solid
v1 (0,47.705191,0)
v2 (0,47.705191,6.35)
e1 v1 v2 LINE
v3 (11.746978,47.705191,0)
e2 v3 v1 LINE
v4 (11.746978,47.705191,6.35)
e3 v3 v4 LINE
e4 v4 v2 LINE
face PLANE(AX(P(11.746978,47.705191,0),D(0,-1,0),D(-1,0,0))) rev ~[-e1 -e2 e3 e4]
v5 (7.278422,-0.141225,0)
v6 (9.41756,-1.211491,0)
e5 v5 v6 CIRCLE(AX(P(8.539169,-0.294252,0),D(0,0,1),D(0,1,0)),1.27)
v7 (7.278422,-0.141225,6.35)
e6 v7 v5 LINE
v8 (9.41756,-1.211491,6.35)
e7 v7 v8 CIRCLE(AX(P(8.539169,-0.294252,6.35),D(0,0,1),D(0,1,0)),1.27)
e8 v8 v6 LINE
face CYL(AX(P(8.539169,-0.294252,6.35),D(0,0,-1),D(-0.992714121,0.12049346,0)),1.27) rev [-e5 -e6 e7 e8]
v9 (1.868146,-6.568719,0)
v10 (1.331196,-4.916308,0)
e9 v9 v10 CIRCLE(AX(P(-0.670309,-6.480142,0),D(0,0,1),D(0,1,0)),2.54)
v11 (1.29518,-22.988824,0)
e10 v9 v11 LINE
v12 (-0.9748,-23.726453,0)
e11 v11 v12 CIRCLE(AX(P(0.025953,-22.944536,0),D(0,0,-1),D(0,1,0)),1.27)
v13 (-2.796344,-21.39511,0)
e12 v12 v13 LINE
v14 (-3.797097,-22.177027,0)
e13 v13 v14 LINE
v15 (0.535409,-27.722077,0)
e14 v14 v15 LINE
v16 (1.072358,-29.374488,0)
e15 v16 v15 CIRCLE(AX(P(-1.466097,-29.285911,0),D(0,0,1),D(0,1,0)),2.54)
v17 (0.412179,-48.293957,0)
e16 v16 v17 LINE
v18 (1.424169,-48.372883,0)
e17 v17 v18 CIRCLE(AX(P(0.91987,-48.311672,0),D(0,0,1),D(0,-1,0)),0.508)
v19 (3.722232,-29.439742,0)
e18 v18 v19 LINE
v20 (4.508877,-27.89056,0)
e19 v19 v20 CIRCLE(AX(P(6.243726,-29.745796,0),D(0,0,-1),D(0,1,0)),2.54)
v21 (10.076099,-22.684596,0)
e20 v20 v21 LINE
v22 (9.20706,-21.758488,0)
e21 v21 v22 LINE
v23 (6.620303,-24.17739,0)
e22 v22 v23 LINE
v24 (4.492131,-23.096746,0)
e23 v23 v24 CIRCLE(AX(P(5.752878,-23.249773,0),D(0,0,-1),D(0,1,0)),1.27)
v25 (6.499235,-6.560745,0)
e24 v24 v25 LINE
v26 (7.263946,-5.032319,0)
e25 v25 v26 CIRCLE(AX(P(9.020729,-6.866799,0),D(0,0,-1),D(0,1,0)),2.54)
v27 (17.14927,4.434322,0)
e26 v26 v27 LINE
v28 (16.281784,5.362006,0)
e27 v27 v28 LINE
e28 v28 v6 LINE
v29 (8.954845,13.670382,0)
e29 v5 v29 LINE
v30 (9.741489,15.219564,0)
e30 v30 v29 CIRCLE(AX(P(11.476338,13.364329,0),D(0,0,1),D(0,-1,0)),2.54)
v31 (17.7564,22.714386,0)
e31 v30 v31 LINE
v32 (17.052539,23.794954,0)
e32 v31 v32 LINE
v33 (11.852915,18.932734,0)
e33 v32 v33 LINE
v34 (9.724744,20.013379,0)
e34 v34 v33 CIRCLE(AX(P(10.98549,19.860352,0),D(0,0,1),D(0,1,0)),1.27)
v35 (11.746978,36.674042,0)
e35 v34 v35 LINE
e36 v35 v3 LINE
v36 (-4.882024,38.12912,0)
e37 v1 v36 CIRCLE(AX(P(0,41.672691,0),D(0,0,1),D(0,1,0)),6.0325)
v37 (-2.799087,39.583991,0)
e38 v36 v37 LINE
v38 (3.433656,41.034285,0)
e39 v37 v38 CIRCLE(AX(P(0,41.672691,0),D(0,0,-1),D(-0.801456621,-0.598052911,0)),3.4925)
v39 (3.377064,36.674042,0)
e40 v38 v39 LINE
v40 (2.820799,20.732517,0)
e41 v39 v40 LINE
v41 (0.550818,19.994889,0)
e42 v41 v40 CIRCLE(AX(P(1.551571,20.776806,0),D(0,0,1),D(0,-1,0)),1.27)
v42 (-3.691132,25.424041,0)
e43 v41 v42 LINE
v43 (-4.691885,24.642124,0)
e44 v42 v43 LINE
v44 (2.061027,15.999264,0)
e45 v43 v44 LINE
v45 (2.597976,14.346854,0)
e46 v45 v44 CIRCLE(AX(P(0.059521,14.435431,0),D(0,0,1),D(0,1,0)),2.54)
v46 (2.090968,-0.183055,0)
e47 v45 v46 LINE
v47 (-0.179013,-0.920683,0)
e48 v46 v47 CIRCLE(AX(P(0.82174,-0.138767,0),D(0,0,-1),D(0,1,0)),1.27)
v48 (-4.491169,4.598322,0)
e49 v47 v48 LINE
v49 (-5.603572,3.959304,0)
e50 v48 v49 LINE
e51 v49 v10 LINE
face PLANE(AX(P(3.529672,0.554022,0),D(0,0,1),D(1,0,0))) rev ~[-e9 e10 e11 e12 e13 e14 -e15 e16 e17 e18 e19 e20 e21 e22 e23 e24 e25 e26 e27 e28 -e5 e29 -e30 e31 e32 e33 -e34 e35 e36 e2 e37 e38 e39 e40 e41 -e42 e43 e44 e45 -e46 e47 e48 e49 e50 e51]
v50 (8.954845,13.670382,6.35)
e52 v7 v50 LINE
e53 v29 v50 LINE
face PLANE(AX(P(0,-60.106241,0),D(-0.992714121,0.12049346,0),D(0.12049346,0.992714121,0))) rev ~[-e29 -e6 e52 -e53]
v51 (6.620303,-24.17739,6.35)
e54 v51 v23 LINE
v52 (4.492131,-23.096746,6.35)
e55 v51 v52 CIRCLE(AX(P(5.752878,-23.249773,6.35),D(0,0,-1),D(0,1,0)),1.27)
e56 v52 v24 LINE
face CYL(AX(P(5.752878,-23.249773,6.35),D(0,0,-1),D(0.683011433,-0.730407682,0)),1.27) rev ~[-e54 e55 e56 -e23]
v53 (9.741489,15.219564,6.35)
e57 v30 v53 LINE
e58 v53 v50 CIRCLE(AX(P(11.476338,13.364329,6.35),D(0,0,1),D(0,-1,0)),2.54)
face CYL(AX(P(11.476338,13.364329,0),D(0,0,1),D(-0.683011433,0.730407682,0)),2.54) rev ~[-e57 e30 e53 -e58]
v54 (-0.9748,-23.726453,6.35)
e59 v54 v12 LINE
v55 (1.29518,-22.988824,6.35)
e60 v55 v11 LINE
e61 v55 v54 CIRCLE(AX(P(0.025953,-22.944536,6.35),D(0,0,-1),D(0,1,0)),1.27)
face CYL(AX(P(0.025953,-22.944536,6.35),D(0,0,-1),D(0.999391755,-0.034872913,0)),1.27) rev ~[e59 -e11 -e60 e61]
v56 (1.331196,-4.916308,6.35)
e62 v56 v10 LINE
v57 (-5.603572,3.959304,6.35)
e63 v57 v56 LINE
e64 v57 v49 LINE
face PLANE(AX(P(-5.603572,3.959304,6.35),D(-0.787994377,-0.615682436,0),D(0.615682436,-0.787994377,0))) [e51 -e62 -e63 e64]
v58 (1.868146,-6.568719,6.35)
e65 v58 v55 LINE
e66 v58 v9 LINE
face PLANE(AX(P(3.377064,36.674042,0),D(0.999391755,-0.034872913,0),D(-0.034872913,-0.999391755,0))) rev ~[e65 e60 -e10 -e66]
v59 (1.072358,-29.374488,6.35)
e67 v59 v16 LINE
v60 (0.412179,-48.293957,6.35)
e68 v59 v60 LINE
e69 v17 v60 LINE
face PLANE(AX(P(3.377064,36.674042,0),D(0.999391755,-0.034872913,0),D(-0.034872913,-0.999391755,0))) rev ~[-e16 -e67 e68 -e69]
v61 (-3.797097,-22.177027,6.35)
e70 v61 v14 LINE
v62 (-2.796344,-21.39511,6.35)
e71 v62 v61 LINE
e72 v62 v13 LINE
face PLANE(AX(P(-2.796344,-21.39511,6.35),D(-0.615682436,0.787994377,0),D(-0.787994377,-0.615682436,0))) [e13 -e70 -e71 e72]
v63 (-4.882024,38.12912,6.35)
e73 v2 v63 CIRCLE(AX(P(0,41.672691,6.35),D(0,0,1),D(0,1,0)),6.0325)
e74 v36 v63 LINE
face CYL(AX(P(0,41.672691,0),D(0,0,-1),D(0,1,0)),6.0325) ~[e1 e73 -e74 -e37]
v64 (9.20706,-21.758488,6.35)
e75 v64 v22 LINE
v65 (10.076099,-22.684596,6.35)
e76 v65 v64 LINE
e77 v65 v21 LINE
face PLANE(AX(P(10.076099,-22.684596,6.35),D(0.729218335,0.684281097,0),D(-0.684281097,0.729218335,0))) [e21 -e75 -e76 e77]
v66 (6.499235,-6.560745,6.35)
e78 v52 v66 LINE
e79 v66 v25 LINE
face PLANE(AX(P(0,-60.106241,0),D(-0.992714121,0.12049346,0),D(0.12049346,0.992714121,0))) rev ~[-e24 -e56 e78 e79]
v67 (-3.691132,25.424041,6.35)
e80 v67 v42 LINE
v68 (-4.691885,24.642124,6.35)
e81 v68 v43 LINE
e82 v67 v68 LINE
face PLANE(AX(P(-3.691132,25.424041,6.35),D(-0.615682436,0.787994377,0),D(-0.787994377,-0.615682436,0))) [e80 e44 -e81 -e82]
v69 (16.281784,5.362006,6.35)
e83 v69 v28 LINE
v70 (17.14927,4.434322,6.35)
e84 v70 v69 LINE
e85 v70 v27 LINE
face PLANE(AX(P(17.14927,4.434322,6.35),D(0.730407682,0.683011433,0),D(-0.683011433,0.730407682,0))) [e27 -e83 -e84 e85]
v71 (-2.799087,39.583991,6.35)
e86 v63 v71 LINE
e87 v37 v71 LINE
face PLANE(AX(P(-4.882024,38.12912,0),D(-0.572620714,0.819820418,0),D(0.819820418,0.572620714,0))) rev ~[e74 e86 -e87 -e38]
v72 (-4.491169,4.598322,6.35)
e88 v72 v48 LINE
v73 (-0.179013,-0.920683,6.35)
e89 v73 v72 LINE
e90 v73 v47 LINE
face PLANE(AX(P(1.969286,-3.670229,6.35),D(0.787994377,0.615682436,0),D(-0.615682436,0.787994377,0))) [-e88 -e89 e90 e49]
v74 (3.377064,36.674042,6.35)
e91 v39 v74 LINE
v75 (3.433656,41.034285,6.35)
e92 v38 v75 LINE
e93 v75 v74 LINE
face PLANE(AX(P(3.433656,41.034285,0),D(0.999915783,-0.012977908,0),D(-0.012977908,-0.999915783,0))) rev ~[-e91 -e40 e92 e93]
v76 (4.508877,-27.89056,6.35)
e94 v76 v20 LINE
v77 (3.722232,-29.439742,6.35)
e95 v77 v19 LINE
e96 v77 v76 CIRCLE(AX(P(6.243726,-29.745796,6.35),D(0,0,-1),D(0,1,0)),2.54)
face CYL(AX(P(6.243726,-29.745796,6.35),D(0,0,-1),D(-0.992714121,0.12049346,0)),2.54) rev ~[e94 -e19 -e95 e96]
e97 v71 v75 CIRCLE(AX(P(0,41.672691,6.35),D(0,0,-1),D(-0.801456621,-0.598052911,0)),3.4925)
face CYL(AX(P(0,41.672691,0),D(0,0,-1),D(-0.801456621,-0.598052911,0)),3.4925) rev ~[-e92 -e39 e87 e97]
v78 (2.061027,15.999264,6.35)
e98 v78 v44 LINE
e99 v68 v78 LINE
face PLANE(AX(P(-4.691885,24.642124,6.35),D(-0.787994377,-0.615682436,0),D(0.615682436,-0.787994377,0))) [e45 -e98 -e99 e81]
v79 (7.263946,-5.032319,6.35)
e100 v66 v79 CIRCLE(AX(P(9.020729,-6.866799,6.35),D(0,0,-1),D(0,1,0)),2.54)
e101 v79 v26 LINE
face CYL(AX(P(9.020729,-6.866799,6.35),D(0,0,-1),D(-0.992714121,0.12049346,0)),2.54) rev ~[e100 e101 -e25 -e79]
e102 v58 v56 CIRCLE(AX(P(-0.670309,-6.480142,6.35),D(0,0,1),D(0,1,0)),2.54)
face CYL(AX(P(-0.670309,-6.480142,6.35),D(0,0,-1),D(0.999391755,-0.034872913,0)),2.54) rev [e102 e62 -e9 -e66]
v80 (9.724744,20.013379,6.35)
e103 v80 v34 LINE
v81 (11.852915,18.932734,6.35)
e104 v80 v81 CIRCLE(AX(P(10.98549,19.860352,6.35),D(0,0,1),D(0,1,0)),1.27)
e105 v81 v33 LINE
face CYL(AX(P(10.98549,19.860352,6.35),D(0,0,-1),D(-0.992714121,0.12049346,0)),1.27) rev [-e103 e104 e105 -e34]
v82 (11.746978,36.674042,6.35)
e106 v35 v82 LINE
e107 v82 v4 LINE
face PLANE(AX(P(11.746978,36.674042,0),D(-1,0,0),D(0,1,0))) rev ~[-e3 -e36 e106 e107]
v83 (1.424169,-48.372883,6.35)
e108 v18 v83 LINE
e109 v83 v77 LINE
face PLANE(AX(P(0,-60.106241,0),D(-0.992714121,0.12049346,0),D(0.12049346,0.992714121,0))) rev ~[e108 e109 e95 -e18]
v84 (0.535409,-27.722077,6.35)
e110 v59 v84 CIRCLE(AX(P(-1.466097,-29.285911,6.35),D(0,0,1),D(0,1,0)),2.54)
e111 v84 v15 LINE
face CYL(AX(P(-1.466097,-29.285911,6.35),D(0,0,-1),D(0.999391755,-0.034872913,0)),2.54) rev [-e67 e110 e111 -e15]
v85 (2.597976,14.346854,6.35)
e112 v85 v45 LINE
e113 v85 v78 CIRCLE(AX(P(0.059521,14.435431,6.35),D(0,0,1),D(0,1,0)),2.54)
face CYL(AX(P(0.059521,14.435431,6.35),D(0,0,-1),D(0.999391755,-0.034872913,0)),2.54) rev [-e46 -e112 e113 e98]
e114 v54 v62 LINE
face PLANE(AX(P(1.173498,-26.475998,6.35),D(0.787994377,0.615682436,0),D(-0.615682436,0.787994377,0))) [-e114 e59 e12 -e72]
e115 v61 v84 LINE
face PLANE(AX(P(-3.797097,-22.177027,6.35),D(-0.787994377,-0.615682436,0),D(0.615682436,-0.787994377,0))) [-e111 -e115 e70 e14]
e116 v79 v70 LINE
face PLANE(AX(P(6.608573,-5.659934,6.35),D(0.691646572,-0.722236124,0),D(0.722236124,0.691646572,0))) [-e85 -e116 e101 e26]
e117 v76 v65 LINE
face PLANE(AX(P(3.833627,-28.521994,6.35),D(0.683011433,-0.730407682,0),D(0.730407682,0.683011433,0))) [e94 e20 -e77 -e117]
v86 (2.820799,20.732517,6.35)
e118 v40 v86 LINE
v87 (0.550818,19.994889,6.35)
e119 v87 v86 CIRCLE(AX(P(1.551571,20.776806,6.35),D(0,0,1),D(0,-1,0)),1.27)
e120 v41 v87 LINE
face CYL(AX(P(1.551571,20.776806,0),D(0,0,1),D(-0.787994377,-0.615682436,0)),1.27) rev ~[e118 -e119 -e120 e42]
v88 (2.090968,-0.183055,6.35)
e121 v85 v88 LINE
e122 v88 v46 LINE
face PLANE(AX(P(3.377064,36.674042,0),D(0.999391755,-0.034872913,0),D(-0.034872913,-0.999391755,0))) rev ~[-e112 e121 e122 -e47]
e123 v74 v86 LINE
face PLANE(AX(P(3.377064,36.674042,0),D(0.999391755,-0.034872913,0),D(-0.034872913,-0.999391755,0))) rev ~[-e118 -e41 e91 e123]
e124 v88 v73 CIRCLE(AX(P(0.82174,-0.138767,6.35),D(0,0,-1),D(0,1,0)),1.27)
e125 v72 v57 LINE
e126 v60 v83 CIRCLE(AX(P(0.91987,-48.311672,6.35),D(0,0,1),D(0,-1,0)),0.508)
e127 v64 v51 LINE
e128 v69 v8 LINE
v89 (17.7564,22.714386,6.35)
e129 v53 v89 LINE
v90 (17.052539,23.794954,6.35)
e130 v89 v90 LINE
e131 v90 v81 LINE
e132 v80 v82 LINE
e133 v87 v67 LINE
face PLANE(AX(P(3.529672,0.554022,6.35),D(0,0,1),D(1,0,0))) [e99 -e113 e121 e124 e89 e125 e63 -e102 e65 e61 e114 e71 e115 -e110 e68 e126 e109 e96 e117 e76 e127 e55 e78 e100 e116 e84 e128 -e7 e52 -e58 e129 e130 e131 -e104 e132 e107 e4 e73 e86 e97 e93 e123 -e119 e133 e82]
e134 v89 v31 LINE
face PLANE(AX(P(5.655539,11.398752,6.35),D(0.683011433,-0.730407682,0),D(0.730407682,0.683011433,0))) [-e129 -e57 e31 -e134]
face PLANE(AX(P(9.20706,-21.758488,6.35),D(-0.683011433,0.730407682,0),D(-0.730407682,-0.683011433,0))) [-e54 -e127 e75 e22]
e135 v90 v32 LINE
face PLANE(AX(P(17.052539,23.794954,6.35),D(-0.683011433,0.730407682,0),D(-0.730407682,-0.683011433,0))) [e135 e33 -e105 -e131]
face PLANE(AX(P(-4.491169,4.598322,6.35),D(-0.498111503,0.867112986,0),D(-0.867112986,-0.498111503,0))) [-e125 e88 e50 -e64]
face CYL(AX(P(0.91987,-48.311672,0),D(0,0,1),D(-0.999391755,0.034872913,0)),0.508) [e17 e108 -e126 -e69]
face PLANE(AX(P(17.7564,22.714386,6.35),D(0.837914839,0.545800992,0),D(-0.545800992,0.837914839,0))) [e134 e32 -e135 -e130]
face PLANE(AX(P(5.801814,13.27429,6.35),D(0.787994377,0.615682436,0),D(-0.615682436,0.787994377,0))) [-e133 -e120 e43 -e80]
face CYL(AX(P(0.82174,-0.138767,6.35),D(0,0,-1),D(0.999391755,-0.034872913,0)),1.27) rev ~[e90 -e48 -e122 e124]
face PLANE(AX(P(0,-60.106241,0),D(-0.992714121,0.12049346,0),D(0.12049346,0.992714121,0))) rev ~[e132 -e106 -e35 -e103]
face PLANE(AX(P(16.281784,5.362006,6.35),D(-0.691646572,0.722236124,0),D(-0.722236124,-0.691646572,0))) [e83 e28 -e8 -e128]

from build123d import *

# Parameters (mm, degrees)
F1_DEPTH = 6.35
F3_DEPTH = 6.35
F4_R     = 2.54
F5_R     = 1.27
F6_R     = 0.508


with BuildPart() as f1:
    # F0 (on Top) → F1 (new body)
    with BuildSketch(Plane.XY):
        with BuildLine():
            ThreePointArc((-2.799087249, 39.5839911841), (-0.7915221585, 45.0743154299), (3.4336560515, 41.0342848595))
            Line((3.4336560515, 41.0342848595), (3.3770644537, 36.6740419664))
            Line((3.3770644537, 36.6740419664), (0, -60.1062413045))
            Line((0, -60.1062413045), (11.7469782392, 36.6740419664))
            Line((11.7469782392, 36.6740419664), (11.7469782392, 47.7051909764))
            Line((11.7469782392, 47.7051909764), (0, 47.7051909764))
            ThreePointArc((0, 47.7051909764), (-5.3743672697, 44.4126239501), (-4.8820243994, 38.1291201766))
            Line((-4.8820243994, 38.1291201766), (-2.799087249, 39.5839911841))
        make_face()
    extrude(amount=F1_DEPTH)

    # F2 (on face) → F3 (join, through all)
    with BuildSketch(Plane.XY.offset(6.35)):
        Polygon((5.8018137756, 13.2742899137), (-3.6911324753, 25.4240408597), (-4.6918853336, 24.6421241656), (5.6555386255, 11.3987515904), (17.7563995016, 22.714386033), (17.0525390199, 23.7949541362), align=None)
        Polygon((1.969285928, -3.6702293277), (-4.4911685658, 4.5983219759), (-5.6035720791, 3.9593037682), (1.9003850991, -5.644796836), align=None)
        Polygon((16.2817840507, 5.3620055897), (6.8500791917, -3.6702293277), (6.6085731711, -5.6599343058), (17.1492698758, 4.4343222738), align=None)
        Polygon((1.1045974688, -28.4505659699), (1.1734982977, -26.4759984616), (-2.7963442028, -21.3951103577), (-3.7970970611, -22.1770270519), align=None)
        Polygon((9.207060252, -21.7584877759), (4.0716938985, -26.5606195399), (3.8336266245, -28.5219935843), (10.0760985599, -22.6845964633), align=None)
    extrude(amount=-F3_DEPTH)

    # F4
    f4_edges = [f1.edges().sort_by_distance(p)[0] for p in [
        (2.630216, 15.270776, 3.175),
        (9.066239, 14.588131, 3.175),
        (6.608573, -5.659934, 3.175),
        (1.900385, -5.644797, 3.175),
        (1.104597, -28.450566, 3.175),
        (3.833627, -28.521994, 3.175),
    ]]
    fillet(f4_edges, radius=F4_R)

    # F5
    f5_edges = [f1.edges().sort_by_distance(p)[0] for p in [
        (2.699117, 17.245343, 3.175),
        (9.304306, 16.549505, 3.175),
        (6.850079, -3.670229, 3.175),
        (1.969286, -3.670229, 3.175),
        (1.173498, -26.475998, 3.175),
        (4.071694, -26.56062, 3.175),
    ]]
    fillet(f5_edges, radius=F5_R)

    # F6
    f6_edges = [f1.edges().sort_by_distance(p)[0] for p in [
        (0, -60.106241, 3.175),
    ]]
    fillet(f6_edges, radius=F6_R)


solid = f1.part
